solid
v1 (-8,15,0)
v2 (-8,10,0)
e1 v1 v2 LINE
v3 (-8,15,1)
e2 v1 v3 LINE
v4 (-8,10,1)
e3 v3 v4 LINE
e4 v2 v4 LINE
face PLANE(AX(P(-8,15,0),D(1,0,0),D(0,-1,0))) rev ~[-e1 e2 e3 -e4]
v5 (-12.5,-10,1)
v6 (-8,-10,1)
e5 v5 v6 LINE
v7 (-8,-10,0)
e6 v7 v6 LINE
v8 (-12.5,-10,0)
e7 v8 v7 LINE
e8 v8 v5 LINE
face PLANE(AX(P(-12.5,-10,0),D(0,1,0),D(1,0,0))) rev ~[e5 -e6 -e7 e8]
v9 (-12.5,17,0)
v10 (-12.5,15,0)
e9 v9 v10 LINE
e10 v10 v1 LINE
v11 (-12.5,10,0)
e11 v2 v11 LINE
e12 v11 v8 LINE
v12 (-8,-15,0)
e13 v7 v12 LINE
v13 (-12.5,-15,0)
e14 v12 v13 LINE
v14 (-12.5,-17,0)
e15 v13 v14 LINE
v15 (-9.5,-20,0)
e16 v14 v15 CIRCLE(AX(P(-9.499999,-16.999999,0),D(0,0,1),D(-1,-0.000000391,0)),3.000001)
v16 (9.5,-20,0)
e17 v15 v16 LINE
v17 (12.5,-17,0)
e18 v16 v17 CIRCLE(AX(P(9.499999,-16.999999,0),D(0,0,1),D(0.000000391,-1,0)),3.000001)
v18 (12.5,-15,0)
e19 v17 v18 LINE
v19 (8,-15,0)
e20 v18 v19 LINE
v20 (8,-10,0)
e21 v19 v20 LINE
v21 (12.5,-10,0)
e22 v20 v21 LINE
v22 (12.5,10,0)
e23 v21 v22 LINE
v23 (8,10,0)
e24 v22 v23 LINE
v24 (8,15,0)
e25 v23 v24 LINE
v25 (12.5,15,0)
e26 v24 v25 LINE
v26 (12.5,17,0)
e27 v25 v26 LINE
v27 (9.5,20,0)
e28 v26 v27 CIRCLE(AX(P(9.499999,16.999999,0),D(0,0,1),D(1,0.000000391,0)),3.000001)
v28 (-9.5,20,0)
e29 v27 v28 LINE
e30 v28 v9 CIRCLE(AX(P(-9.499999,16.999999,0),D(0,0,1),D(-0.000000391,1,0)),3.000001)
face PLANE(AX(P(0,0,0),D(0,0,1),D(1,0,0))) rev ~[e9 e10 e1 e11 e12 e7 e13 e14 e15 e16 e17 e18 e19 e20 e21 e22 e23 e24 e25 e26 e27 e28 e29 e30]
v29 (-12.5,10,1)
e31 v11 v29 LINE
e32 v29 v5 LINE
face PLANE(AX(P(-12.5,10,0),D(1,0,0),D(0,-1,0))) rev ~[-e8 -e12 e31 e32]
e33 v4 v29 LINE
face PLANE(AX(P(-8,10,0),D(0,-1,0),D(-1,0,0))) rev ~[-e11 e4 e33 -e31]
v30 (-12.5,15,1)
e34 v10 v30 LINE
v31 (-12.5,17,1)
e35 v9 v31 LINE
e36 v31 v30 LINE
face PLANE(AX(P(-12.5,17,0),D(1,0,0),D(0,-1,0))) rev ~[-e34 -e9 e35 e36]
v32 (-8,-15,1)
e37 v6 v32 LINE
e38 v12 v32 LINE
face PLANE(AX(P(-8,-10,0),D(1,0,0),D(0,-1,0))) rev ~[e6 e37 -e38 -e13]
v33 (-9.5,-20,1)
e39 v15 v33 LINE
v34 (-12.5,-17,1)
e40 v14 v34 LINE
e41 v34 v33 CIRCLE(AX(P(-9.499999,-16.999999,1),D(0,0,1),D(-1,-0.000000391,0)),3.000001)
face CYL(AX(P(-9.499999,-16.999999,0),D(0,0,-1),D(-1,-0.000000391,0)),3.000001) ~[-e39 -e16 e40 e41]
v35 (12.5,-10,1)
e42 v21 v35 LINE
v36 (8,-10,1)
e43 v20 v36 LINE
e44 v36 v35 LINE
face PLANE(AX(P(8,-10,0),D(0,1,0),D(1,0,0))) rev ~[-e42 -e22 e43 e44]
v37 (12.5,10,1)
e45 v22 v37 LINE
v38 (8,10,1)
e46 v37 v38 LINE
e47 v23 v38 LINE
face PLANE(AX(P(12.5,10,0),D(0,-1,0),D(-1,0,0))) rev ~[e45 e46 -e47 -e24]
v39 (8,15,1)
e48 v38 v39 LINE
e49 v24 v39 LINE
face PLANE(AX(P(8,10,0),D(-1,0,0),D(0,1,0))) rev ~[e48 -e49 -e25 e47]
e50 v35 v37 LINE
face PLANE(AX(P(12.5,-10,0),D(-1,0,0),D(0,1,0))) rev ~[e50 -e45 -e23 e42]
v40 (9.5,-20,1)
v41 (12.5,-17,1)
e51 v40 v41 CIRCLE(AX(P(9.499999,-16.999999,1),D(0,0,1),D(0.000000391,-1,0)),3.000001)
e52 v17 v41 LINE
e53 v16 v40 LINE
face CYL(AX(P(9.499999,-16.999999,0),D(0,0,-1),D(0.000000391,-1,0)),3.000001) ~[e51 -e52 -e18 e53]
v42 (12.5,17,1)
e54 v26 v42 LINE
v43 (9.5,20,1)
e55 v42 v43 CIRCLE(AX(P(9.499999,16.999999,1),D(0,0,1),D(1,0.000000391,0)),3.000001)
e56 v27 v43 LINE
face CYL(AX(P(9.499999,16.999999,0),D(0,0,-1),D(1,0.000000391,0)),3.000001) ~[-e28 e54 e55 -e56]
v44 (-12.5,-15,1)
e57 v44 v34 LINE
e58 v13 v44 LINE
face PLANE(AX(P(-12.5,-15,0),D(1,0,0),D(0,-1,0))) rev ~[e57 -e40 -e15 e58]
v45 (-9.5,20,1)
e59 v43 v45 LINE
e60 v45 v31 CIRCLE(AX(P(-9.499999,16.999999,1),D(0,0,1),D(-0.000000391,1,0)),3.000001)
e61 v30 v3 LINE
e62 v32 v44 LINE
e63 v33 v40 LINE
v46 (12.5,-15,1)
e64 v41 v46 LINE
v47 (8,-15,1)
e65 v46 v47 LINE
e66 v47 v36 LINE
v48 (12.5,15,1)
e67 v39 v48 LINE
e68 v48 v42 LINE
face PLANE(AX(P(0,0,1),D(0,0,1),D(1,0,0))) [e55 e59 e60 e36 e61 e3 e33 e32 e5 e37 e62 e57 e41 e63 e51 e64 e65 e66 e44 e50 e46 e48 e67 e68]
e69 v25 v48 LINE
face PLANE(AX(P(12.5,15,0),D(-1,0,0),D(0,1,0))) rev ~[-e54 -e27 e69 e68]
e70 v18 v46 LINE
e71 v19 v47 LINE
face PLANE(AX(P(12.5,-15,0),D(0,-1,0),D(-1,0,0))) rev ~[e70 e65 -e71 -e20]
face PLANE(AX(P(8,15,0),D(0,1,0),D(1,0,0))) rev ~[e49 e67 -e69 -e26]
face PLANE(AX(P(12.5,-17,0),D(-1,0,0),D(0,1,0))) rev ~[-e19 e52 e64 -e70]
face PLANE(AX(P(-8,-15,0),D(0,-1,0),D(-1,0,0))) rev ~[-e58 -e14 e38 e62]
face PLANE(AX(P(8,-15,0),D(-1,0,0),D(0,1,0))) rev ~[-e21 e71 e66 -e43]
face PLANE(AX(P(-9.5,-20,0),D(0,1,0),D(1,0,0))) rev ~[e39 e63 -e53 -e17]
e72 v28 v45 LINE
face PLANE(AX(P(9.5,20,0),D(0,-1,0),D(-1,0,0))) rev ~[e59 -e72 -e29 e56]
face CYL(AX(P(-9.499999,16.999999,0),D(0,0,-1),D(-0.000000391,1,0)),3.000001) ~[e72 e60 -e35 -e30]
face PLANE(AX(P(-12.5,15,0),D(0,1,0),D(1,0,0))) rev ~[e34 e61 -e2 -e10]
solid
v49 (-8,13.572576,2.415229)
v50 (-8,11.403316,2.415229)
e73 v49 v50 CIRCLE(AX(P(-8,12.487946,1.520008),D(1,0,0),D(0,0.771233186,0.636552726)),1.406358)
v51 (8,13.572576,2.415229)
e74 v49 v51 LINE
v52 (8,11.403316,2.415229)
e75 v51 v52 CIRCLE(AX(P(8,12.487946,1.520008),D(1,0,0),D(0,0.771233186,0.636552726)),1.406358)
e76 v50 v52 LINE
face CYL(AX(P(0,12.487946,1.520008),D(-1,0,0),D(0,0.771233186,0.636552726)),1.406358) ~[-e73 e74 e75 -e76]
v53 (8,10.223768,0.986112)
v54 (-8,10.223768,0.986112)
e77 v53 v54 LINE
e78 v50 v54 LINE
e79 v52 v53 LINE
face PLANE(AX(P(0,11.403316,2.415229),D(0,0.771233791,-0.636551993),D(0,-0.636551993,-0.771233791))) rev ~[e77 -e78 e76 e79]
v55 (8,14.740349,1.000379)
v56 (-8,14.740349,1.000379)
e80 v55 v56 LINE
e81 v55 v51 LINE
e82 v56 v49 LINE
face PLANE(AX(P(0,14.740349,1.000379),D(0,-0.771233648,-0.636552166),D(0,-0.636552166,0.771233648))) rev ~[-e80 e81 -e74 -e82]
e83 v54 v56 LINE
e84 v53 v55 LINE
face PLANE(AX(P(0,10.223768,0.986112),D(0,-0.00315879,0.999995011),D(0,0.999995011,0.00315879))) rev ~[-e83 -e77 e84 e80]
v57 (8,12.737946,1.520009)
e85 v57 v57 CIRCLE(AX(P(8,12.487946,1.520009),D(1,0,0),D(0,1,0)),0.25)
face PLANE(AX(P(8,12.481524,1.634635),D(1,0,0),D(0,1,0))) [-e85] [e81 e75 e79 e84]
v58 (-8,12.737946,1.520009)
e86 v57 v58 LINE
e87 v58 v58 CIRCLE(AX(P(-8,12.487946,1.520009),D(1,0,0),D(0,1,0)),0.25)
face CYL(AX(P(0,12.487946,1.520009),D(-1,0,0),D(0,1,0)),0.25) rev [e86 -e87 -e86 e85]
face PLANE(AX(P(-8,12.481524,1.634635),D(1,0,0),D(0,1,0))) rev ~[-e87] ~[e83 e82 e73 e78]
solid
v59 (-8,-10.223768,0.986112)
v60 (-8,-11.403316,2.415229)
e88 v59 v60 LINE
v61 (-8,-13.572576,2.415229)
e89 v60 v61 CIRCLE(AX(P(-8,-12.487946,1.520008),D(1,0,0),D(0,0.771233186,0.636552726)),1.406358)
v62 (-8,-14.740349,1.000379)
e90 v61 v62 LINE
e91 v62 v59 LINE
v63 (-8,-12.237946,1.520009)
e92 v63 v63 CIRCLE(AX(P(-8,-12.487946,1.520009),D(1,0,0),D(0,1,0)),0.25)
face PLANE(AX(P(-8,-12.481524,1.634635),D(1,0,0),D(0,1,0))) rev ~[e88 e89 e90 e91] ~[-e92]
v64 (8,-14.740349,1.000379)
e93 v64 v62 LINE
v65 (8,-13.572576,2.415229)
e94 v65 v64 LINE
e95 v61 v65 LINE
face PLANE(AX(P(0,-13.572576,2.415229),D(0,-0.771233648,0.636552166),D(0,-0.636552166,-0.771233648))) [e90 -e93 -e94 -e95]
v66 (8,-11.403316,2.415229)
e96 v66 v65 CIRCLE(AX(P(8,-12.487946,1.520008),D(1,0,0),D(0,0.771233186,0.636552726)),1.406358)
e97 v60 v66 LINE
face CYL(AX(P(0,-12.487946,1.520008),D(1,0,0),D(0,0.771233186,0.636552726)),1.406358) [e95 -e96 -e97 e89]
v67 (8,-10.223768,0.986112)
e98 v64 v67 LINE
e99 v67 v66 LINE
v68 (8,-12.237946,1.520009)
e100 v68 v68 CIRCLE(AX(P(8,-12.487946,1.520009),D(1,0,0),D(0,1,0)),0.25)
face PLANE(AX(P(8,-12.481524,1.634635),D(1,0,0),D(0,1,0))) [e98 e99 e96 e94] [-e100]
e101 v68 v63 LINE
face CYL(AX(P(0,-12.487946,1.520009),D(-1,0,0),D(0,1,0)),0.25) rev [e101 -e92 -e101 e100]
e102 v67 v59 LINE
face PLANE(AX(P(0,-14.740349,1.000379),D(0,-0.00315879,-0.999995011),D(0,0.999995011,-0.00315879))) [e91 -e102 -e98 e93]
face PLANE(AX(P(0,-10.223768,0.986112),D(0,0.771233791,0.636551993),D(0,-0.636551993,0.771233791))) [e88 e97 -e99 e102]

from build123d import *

# Parameters (mm, degrees)
F1_DEPTH = 1
F2_R     = 0.25
F3_DEPTH = 8


with BuildPart() as f1:
    # F0 (on Top) → F1 (new body)
    with BuildSketch(Plane.XY):
        with BuildLine():
            ThreePointArc((12.5, 17), (11.62132, 19.12132), (9.5, 20))
            Line((9.5, 20), (-9.5, 20))
            ThreePointArc((-9.5, 20), (-11.62132, 19.12132), (-12.5, 17))
            Line((-12.5, 17), (-12.5, 15))
            Line((-12.5, 15), (-8, 15))
            Line((-8, 15), (-8, 10))
            Line((-8, 10), (-12.5, 10))
            Line((-12.5, 10), (-12.5, -10))
            Line((-12.5, -10), (-8, -10))
            Line((-8, -10), (-8, -15))
            Line((-8, -15), (-12.5, -15))
            Line((-12.5, -15), (-12.5, -17))
            ThreePointArc((-12.5, -17), (-11.62132, -19.12132), (-9.5, -20))
            Line((-9.5, -20), (9.5, -20))
            ThreePointArc((9.5, -20), (11.62132, -19.12132), (12.5, -17))
            Line((12.5, -17), (12.5, -15))
            Line((12.5, -15), (8, -15))
            Line((8, -15), (8, -10))
            Line((8, -10), (12.5, -10))
            Line((12.5, -10), (12.5, 10))
            Line((12.5, 10), (8, 10))
            Line((8, 10), (8, 15))
            Line((8, 15), (12.5, 15))
            Line((12.5, 15), (12.5, 17))
        make_face()
    extrude(amount=F1_DEPTH)


with BuildPart() as f3:
    # F2 (on Right) → F3 (new body, symmetric)
    with BuildSketch(Plane.YZ):
        with BuildLine():
            Line((14.740349, 1.000379), (13.572576, 2.415229))
            ThreePointArc((13.572576, 2.415229), (12.487946, 2.926366), (11.403316, 2.415229))
            Line((11.403316, 2.415229), (10.223768, 0.986112))
            Line((10.223768, 0.986112), (14.740349, 1.000379))
        make_face()
        with Locations((12.487946, 1.520009)):
            Circle(F2_R, mode=Mode.SUBTRACT)
        with BuildLine():
            Line((-10.223768, 0.986112), (-11.403316, 2.415229))
            ThreePointArc((-11.403316, 2.415229), (-12.487946, 2.926366), (-13.572576, 2.415229))
            Line((-13.572576, 2.415229), (-14.740349, 1.000379))
            Line((-14.740349, 1.000379), (-10.223768, 0.986112))
        make_face()
        with Locations((-12.487946, 1.520009)):
            Circle(F2_R, mode=Mode.SUBTRACT)
    extrude(amount=F3_DEPTH, both=True)


solid = Compound([f1.part, f3.part])
